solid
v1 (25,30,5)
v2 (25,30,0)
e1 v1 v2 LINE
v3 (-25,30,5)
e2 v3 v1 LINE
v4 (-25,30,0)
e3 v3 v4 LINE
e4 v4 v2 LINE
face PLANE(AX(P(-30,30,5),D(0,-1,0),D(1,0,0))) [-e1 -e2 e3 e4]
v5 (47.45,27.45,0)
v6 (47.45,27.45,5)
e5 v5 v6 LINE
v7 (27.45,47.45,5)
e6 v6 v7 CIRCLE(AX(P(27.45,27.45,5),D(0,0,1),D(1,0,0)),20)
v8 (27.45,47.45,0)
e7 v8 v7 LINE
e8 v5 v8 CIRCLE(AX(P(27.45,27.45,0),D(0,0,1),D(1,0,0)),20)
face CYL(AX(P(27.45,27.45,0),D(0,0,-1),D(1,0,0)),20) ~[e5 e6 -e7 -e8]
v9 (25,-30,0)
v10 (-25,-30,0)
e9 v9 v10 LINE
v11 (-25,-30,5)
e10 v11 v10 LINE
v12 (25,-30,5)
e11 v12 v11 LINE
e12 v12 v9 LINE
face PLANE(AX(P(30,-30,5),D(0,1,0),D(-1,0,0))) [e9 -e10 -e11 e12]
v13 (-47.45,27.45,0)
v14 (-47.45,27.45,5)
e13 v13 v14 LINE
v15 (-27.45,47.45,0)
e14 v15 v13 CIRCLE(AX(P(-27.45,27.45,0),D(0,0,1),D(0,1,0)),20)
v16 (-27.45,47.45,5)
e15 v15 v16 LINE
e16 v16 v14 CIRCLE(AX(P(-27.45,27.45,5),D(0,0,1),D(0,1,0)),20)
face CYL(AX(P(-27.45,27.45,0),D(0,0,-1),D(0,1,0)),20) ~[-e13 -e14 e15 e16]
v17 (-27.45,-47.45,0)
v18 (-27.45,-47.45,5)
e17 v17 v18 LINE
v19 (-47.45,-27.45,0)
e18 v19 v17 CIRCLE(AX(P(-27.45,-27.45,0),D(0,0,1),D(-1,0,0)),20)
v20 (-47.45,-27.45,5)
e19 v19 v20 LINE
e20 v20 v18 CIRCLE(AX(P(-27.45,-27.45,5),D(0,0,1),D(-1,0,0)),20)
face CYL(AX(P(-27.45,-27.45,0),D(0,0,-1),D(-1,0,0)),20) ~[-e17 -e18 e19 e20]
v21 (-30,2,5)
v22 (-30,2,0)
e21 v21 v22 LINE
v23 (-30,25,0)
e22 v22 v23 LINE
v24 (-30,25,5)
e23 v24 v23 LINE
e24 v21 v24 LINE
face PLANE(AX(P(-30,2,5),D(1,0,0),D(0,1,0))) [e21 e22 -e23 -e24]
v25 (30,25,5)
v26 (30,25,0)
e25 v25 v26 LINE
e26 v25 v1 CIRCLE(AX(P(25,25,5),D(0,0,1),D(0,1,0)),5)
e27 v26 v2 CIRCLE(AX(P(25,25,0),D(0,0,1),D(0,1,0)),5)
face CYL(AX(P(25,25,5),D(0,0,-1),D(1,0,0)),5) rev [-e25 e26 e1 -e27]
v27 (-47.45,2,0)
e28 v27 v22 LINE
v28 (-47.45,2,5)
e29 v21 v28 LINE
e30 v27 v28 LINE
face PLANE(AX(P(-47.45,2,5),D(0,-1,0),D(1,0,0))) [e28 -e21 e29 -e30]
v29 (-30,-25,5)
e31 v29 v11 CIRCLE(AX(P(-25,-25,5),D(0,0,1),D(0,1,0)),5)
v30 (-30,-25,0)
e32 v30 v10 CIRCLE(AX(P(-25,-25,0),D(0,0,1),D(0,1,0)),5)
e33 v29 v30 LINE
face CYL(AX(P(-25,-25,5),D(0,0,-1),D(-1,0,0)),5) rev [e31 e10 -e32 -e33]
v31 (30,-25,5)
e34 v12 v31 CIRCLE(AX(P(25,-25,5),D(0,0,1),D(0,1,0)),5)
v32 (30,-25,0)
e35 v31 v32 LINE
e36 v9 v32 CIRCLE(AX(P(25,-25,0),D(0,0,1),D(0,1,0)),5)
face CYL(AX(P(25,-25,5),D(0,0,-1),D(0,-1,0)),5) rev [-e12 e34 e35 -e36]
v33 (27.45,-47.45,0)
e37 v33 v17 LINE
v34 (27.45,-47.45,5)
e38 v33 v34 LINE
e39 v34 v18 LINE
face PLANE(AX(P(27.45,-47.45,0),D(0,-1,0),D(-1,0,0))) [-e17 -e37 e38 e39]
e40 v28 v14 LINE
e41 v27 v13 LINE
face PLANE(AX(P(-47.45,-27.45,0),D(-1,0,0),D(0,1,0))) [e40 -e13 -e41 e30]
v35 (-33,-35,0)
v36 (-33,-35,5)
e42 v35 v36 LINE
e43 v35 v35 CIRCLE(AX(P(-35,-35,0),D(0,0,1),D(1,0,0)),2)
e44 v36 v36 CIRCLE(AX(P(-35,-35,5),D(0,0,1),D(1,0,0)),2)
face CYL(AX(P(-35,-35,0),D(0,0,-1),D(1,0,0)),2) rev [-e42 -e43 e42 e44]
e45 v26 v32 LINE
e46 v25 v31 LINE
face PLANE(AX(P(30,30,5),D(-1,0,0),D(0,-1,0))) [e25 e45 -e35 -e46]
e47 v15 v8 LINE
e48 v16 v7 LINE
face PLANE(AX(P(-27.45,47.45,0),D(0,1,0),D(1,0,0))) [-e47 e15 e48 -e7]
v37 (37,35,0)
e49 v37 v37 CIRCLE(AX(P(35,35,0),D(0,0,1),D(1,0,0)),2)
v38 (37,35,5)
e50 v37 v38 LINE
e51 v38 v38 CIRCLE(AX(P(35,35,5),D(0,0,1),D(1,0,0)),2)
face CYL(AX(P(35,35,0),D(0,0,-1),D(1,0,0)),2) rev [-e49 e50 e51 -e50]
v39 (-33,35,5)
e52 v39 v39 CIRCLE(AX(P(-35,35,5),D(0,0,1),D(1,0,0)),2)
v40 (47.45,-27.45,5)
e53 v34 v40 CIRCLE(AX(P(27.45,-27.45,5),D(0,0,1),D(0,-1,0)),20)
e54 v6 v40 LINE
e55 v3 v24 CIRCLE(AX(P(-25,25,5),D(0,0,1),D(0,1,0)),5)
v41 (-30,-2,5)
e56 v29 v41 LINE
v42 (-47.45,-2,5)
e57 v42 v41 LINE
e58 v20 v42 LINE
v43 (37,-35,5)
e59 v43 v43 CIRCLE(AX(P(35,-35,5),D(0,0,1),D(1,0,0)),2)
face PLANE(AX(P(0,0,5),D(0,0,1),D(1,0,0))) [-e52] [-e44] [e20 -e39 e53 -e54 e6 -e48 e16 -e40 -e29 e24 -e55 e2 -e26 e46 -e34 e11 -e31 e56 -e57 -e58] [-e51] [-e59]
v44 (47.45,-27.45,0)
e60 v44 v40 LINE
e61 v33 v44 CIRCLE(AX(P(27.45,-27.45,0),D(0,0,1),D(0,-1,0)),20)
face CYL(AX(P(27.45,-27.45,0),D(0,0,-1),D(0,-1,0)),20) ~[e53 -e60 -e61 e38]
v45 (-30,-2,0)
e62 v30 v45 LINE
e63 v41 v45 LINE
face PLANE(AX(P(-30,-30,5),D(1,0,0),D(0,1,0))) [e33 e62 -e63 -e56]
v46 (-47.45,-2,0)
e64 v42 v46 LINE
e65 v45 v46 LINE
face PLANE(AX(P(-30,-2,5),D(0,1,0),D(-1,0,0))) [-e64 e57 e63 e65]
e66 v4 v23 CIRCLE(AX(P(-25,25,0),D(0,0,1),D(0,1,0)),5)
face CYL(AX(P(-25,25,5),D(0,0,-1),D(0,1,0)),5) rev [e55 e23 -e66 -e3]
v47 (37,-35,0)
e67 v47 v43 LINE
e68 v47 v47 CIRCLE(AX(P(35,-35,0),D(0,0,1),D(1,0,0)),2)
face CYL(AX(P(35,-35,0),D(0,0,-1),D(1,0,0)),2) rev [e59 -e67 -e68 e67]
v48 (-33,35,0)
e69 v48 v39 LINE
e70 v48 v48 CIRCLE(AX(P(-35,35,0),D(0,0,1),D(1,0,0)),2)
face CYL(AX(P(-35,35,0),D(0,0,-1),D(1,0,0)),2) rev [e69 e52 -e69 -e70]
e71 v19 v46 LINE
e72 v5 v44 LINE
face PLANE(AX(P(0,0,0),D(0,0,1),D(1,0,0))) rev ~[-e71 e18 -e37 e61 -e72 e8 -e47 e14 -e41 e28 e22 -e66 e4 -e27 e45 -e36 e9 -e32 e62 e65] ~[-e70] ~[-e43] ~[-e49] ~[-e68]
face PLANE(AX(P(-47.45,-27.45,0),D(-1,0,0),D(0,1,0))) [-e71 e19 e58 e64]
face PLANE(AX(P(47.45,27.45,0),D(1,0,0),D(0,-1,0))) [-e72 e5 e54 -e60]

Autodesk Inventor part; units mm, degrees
ref_plane "YZ Plane" through (0, 0, 0) normal (1, 0, 0) x (0, 1, 0)
ref_plane "XZ Plane" through (0, 0, 0) normal (0, 1, 0) x (-1, 0, 0)
ref_plane "XY Plane" through (0, 0, 0) normal (0, 0, 1) x (1, 0, 0)
sketch "Sketch1" plane through (0, 0, 0) normal (0, 0, 1) x (1, 0, 0)
  line L0 (-27.45, -52.45) -> (27.45, -52.45) construction
  line L1 (52.45, -27.45) -> (52.45, 27.45) construction
  line L2 (27.45, 52.45) -> (-27.45, 52.45) construction
  line L3 (-52.45, 27.45) -> (-52.45, -27.45) construction
  line L4 (-52.45, -52.45) -> (52.45, 52.45) construction
  line L5 (52.45, -52.45) -> (-52.45, 52.45) construction
  arc A0 (-27.45, 52.45) -> (-52.45, 27.45) centre (-27.45, 27.45) ccw construction
  arc A1 (-52.45, -27.45) -> (-27.45, -52.45) centre (-27.45, -27.45) ccw construction
  arc A2 (27.45, -52.45) -> (52.45, -27.45) centre (27.45, -27.45) ccw construction
  arc A3 (52.45, 27.45) -> (27.45, 52.45) centre (27.45, 27.45) ccw construction
  line L6 (47.45, 27.45) -> (47.45, -27.45)
  arc A4 (27.45, -47.45) -> (47.45, -27.45) centre (27.45, -27.45) ccw
  line L7 (27.45, -47.45) -> (-27.45, -47.45)
  arc A5 (-47.45, -27.45) -> (-27.45, -47.45) centre (-27.45, -27.45) ccw
  line L8 (-47.45, -27.45) -> (-47.45, 27.45)
  arc A6 (-27.45, 47.45) -> (-47.45, 27.45) centre (-27.45, 27.45) ccw
  line L9 (-27.45, 47.45) -> (27.45, 47.45)
  arc A7 (47.45, 27.45) -> (27.45, 47.45) centre (27.45, 27.45) ccw
  line L10 (-35, 35) -> (35, 35) construction
  line L11 (35, 35) -> (35, -35) construction
  line L12 (35, -35) -> (-35, -35) construction
  line L13 (-35, -35) -> (-35, 35) construction
  line L14 (-35, 35) -> (35, -35) construction
  line L15 (35, 35) -> (-35, -35) construction
  circle A8 centre (35, 35) radius 2
  circle A9 centre (35, -35) radius 2
  circle A10 centre (-35, -35) radius 2
  circle A11 centre (-35, 35) radius 2
  point P0 (0, 0)
  dimension "d0" = 104.9
  dimension "d1" = 104.9
  dimension "d2" = 25
  dimension "d6" = 5
  dimension "d12" = 70
  dimension "d13" = 4
extrude "Extrusion1" add sketch "Sketch1" along normal blind 5
sketch "Sketch2" plane through (0, 0, 5) normal (0, 0, 1) x (1, 0, 0)
  line L0 (-30, 30) -> (30, 30)
  line L1 (30, 30) -> (30, -30)
  line L2 (30, -30) -> (-30, -30)
  line L3 (-30, 30) -> (30, -30) construction
  line L4 (30, 30) -> (-30, -30) construction
  line L5 (-64.9, 2) -> (-30, 2)
  line L6 (-30, -2) -> (-64.9, -2)
  line L7 (-64.9, -2) -> (-64.9, 2)
  line L8 (-47.45, 27.45) -> (-47.45, -27.45) projected
  line L9 (-64.9, 2) -> (-30, -2) construction
  line L10 (-30, 2) -> (-64.9, -2) construction
  line L11 (-30, -30) -> (-30, -2)
  line L12 (-30, 2) -> (-30, 30)
  point P0 (0, 0)
  point P1 (-47.45, 0)
  dimension "d7" = 4
  dimension "d8" = 60
  dimension "d9" = 60
extrude "Extrusion2" cut sketch "Sketch2" against normal blind 10
fillet "Fillet1" radius 5 4 edges at (30, 30, 2.5) (-30, 30, 2.5) (30, -30, 2.5) (-30, -30, 2.5)
equation "\"d1\" = d0"
equation "\"d9\" = d8"
properties part number "NewFront_H"
